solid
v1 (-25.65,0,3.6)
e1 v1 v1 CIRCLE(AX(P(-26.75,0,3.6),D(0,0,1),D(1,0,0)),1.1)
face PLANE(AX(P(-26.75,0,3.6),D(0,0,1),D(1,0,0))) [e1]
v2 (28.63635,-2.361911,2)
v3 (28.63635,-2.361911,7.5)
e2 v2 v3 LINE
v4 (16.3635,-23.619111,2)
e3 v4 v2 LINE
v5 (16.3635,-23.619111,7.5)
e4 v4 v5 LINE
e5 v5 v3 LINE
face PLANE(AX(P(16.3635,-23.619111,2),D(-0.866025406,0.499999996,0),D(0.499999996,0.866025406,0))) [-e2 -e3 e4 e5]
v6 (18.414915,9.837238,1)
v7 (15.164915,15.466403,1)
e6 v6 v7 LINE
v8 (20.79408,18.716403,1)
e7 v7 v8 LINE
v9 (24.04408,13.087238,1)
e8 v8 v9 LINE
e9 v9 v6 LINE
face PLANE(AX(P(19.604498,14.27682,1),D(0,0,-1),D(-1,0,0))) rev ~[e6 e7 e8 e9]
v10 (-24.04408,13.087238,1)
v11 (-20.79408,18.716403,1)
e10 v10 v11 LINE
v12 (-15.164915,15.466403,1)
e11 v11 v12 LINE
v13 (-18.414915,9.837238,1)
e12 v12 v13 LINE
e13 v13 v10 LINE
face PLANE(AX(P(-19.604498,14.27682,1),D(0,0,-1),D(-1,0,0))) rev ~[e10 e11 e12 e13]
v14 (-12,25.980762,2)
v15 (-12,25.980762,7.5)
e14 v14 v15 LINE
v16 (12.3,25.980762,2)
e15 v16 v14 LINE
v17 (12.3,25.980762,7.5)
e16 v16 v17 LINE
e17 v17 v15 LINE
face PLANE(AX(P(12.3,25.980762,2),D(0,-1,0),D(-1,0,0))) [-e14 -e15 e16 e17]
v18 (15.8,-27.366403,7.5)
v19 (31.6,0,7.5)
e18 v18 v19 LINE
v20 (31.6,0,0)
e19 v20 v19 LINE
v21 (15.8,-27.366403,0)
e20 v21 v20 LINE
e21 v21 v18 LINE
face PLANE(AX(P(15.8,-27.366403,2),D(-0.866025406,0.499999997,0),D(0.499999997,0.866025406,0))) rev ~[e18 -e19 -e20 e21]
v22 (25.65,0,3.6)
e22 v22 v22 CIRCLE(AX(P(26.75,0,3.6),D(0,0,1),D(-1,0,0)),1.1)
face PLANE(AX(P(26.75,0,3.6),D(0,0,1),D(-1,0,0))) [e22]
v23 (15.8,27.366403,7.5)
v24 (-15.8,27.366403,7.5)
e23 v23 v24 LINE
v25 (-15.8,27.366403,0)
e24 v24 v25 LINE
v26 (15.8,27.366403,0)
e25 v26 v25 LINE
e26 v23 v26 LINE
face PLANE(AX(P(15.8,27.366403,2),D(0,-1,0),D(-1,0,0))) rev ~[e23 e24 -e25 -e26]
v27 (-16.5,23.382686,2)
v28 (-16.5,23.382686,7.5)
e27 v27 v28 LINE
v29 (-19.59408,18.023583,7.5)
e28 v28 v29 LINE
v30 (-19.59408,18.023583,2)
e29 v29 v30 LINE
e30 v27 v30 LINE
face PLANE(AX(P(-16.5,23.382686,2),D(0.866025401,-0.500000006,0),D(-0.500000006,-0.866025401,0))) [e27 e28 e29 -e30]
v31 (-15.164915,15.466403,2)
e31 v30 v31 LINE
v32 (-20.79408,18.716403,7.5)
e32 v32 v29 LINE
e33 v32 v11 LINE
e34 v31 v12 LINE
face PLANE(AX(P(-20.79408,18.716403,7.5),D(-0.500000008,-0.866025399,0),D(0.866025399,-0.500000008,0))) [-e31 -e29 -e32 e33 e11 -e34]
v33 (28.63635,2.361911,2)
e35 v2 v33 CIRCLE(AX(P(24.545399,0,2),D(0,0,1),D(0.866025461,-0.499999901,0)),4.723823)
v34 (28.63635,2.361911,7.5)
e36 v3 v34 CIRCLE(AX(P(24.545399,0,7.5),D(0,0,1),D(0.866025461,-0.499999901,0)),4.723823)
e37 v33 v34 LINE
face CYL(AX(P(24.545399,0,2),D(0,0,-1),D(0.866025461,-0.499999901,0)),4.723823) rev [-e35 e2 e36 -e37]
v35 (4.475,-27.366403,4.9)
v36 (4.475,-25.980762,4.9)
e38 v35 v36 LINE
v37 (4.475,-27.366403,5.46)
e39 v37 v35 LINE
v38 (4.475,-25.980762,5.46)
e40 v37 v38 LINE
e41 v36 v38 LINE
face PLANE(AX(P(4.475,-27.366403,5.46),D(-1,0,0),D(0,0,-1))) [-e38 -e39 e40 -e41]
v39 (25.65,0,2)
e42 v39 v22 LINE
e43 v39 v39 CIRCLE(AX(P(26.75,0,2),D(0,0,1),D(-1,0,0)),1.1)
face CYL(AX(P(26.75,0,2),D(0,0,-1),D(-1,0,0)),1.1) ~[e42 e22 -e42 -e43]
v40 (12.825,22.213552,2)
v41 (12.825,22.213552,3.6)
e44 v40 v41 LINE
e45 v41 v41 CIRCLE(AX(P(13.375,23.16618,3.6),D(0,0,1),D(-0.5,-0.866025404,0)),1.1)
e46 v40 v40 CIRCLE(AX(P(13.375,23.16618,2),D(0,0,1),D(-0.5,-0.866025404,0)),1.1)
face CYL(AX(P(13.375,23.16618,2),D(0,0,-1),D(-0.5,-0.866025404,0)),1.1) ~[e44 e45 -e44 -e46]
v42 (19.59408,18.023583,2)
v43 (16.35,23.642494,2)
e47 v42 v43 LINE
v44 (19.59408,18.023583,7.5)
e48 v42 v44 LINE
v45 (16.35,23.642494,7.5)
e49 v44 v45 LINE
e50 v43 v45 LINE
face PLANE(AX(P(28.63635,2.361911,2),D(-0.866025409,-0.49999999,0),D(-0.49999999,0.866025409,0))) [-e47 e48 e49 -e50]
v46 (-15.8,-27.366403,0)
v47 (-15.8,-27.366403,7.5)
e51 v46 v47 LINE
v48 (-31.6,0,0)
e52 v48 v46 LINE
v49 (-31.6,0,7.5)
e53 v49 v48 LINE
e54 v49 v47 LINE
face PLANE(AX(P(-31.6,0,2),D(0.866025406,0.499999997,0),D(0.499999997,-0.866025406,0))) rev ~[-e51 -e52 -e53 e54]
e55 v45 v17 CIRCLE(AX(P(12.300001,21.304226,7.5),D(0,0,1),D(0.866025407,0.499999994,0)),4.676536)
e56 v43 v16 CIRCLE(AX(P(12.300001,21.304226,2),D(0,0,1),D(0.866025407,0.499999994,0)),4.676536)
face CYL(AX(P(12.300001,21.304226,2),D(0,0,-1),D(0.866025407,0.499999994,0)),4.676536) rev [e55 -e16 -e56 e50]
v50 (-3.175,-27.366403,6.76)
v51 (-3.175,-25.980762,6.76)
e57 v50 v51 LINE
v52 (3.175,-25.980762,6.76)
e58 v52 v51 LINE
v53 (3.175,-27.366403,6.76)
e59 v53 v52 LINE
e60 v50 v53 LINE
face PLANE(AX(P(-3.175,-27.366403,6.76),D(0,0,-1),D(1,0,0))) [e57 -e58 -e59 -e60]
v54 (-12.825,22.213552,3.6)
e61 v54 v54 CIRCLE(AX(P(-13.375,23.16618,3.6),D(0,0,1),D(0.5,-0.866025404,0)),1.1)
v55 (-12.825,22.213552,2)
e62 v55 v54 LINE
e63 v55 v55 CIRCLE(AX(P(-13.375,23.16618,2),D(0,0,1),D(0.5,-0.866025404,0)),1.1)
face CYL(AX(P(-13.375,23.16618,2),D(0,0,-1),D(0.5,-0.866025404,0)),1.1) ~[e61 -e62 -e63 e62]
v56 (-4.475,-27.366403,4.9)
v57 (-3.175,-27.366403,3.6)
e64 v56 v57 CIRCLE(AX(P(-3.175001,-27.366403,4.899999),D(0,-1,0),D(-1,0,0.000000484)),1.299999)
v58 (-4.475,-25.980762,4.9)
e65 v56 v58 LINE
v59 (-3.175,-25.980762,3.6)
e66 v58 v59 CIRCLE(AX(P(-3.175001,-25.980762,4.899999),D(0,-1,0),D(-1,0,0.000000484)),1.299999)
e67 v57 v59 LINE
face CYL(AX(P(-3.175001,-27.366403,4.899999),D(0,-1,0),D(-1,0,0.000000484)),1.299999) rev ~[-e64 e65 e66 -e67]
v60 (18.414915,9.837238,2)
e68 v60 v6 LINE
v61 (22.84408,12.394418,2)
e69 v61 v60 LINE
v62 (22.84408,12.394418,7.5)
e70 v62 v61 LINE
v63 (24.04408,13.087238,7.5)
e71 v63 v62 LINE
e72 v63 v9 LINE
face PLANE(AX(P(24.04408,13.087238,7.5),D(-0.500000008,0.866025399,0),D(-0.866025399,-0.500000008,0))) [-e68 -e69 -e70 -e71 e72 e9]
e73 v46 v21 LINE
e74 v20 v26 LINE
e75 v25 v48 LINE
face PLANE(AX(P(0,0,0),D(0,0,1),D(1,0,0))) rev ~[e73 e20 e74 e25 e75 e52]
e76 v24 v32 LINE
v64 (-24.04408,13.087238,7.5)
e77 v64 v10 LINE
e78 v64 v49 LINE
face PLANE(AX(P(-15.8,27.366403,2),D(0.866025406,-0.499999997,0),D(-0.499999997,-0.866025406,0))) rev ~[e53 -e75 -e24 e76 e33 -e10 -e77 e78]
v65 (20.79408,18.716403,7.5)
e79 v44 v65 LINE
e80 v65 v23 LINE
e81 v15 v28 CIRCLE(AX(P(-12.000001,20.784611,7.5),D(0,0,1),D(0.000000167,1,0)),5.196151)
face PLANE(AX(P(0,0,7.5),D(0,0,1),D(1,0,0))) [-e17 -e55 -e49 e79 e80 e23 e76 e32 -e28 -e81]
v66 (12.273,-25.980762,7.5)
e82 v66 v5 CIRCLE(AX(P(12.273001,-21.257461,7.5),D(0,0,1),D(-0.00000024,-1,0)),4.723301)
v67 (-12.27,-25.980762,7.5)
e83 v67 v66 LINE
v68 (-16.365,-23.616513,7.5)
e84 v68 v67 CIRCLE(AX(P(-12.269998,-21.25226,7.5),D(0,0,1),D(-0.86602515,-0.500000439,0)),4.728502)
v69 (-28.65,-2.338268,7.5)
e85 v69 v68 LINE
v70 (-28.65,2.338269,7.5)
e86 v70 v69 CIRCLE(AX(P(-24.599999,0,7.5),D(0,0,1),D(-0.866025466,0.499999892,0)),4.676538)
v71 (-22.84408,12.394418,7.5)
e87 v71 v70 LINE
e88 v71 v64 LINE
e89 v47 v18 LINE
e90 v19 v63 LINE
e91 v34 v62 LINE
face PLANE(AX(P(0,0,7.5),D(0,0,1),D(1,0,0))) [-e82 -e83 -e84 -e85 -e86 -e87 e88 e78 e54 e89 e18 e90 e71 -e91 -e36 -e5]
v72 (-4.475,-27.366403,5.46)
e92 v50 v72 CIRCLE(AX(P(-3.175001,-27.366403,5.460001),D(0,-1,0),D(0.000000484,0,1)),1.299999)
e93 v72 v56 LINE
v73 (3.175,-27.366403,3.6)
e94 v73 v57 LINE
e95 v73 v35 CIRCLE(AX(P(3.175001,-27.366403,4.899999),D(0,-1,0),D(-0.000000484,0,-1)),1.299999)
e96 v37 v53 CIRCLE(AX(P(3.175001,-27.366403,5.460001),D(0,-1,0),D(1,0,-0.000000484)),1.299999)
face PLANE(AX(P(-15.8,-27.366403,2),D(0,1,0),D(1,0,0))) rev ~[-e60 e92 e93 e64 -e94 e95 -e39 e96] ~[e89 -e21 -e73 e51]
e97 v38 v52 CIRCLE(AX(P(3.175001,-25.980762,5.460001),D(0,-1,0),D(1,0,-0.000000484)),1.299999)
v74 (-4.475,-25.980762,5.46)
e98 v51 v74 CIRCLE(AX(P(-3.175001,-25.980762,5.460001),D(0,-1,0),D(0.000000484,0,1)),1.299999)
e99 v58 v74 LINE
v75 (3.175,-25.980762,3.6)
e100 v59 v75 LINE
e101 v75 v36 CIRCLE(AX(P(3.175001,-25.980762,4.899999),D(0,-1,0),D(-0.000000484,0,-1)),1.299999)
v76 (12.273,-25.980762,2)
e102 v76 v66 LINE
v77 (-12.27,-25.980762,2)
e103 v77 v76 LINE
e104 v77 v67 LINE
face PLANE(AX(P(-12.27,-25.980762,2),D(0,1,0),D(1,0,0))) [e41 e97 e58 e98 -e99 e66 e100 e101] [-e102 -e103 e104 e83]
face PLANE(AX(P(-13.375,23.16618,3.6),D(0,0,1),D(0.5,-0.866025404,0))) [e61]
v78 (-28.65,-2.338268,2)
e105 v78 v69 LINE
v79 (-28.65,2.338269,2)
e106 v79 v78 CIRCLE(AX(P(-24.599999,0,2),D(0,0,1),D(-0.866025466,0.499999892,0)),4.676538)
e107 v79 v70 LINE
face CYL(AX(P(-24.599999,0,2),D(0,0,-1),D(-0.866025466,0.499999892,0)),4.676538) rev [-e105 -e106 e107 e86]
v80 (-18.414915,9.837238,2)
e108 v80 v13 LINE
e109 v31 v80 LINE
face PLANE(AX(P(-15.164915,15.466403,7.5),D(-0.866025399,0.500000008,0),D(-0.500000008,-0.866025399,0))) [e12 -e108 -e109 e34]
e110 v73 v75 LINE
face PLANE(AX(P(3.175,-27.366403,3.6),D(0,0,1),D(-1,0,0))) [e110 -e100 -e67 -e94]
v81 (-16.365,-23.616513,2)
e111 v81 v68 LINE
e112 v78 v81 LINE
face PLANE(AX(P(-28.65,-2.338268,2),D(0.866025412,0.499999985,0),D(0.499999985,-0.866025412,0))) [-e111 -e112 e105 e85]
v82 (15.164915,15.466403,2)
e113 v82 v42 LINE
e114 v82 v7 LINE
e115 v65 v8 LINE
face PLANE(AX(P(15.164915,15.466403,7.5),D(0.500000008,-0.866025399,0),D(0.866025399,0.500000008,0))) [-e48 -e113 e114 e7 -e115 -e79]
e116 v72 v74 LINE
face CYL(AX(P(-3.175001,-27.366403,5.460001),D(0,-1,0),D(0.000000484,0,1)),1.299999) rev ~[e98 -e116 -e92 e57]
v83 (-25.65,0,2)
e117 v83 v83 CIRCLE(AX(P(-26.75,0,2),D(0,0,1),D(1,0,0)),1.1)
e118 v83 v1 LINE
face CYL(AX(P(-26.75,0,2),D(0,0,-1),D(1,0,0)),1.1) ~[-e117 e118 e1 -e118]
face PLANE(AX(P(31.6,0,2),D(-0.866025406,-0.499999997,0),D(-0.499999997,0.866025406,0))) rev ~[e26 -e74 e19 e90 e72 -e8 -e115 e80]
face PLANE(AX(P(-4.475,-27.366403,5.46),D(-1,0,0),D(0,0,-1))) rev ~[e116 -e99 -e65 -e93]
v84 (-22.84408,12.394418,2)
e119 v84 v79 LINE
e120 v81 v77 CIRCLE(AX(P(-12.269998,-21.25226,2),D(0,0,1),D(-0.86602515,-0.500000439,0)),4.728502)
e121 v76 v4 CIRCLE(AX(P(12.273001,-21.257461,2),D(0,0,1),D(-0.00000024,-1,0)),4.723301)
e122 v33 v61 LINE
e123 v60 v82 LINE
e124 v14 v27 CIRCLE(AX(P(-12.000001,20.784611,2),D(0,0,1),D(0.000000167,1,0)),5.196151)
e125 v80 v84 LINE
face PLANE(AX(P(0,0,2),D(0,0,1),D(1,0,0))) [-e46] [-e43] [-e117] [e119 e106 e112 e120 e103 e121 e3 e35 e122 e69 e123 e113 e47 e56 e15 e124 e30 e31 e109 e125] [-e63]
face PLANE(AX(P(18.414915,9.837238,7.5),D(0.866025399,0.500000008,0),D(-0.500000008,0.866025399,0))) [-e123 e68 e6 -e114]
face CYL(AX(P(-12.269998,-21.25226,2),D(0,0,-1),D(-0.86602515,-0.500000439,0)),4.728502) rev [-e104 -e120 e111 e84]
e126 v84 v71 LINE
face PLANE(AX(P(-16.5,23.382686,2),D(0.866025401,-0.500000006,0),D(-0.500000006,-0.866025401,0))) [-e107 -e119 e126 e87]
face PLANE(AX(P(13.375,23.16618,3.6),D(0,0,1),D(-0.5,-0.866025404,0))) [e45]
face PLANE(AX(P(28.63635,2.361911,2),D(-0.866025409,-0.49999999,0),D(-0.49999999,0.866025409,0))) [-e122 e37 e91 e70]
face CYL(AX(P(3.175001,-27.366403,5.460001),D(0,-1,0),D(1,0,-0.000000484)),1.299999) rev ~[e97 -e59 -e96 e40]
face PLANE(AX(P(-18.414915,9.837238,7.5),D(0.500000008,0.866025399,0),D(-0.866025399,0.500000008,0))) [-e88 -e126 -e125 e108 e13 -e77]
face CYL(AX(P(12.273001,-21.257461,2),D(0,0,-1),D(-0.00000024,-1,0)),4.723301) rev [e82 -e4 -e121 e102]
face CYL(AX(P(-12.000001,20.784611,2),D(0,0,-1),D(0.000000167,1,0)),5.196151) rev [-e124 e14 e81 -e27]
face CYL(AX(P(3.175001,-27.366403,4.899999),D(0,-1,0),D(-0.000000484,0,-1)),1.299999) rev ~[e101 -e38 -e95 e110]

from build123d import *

# Parameters (mm, degrees)
PAD_DEPTH          = 2
PAD001_DEPTH       = 5.5
POCKET_DEPTH       = 6.5
POCKET001_DEPTH    = 5
SKETCH004_R        = 1.1
PAD002_DEPTH       = 1.6
POLARPATTERN_COUNT = 4
POLARPATTERN_ANGLE = 180


with BuildPart() as part:
    # Sketch → Pad (new body)
    with BuildSketch(Plane.XY):
        Polygon((-31.6, 0), (-15.8, -27.366403), (15.8, -27.366403), (31.6, 0), (15.8, 27.366403), (-15.8, 27.366403), align=None)
    extrude(amount=PAD_DEPTH)

    # Sketch001 (on Face8 of Pad) → Pad001 (join)
    with BuildSketch(Plane.XY.offset(2)):
        Polygon((-31.6, 0), (-15.8, -27.366403), (15.8, -27.366403), (31.6, 0), (15.8, 27.366403), (-15.8, 27.366403), align=None)
        with BuildLine():
            Line((-28.65, -2.338268), (-16.365, -23.616513))
            ThreePointArc((-16.365, -23.616513), (-14.634249, -25.347263), (-12.27, -25.980762))
            Line((-12.27, -25.980762), (12.273, -25.980762))
            ThreePointArc((12.273, -25.980762), (14.634651, -25.34796), (16.3635, -23.619111))
            Line((16.3635, -23.619111), (28.63635, -2.361911))
            ThreePointArc((28.63635, -2.361911), (29.269222, 0), (28.63635, 2.361911))
            Line((28.63635, 2.361911), (16.35, 23.642494))
            ThreePointArc((16.35, 23.642494), (14.638269, 25.354225), (12.3, 25.980762))
            Line((12.3, 25.980762), (-12, 25.980762))
            ThreePointArc((-12, 25.980762), (-14.598076, 25.28461), (-16.5, 23.382686))
            Line((-16.5, 23.382686), (-28.65, 2.338269))
            ThreePointArc((-28.65, 2.338269), (-29.276537, 0), (-28.65, -2.338268))
        make_face(mode=Mode.SUBTRACT)
    extrude(amount=PAD001_DEPTH)

    # Sketch002 (on Face11 of Pad001) → Pocket (cut)
    with BuildSketch(Plane.XY.offset(7.5)):
        Polygon((-24.04408, 13.087238), (-20.79408, 18.716403), (-15.164915, 15.466403), (-18.414915, 9.837238), align=None)
        Polygon((20.79408, 18.716403), (24.04408, 13.087238), (18.414915, 9.837238), (15.164915, 15.466403), align=None)
    extrude(amount=-POCKET_DEPTH, mode=Mode.SUBTRACT)

    # Sketch003 (on Face13 of Pocket) → Pocket001 (cut)
    with BuildSketch(Plane.XZ.offset(27.366403)):
        with BuildLine():
            Line((-3.175, 6.76), (3.175, 6.76))
            ThreePointArc((4.475, 5.46), (4.094239, 6.379239), (3.175, 6.76))
            Line((4.475, 5.46), (4.475, 4.9))
            ThreePointArc((3.175, 3.6), (4.094239, 3.980761), (4.475, 4.9))
            Line((3.175, 3.6), (-3.175, 3.6))
            ThreePointArc((-4.475, 4.9), (-4.094239, 3.980761), (-3.175, 3.6))
            Line((-4.475, 5.46), (-4.475, 4.9))
            ThreePointArc((-3.175, 6.76), (-4.094239, 6.379239), (-4.475, 5.46))
        make_face()
    extrude(amount=-POCKET001_DEPTH, mode=Mode.SUBTRACT)

    # Sketch004 (on Face16 of Pocket001) → Pad002 (join)
    with BuildSketch(Plane.XY.offset(2)):
        with Locations((-26.75, 0)):
            Circle(SKETCH004_R)
    pad002 = extrude(amount=PAD002_DEPTH)

    # PolarPattern: Pad002 ×4 about axis
    polarpattern_axis = Axis((0, 0, 2), (0, 0, -1))
    for i in range(1, POLARPATTERN_COUNT):
        add(pad002.rotate(polarpattern_axis, i * POLARPATTERN_ANGLE / (POLARPATTERN_COUNT - 1)))


solid = part.part
